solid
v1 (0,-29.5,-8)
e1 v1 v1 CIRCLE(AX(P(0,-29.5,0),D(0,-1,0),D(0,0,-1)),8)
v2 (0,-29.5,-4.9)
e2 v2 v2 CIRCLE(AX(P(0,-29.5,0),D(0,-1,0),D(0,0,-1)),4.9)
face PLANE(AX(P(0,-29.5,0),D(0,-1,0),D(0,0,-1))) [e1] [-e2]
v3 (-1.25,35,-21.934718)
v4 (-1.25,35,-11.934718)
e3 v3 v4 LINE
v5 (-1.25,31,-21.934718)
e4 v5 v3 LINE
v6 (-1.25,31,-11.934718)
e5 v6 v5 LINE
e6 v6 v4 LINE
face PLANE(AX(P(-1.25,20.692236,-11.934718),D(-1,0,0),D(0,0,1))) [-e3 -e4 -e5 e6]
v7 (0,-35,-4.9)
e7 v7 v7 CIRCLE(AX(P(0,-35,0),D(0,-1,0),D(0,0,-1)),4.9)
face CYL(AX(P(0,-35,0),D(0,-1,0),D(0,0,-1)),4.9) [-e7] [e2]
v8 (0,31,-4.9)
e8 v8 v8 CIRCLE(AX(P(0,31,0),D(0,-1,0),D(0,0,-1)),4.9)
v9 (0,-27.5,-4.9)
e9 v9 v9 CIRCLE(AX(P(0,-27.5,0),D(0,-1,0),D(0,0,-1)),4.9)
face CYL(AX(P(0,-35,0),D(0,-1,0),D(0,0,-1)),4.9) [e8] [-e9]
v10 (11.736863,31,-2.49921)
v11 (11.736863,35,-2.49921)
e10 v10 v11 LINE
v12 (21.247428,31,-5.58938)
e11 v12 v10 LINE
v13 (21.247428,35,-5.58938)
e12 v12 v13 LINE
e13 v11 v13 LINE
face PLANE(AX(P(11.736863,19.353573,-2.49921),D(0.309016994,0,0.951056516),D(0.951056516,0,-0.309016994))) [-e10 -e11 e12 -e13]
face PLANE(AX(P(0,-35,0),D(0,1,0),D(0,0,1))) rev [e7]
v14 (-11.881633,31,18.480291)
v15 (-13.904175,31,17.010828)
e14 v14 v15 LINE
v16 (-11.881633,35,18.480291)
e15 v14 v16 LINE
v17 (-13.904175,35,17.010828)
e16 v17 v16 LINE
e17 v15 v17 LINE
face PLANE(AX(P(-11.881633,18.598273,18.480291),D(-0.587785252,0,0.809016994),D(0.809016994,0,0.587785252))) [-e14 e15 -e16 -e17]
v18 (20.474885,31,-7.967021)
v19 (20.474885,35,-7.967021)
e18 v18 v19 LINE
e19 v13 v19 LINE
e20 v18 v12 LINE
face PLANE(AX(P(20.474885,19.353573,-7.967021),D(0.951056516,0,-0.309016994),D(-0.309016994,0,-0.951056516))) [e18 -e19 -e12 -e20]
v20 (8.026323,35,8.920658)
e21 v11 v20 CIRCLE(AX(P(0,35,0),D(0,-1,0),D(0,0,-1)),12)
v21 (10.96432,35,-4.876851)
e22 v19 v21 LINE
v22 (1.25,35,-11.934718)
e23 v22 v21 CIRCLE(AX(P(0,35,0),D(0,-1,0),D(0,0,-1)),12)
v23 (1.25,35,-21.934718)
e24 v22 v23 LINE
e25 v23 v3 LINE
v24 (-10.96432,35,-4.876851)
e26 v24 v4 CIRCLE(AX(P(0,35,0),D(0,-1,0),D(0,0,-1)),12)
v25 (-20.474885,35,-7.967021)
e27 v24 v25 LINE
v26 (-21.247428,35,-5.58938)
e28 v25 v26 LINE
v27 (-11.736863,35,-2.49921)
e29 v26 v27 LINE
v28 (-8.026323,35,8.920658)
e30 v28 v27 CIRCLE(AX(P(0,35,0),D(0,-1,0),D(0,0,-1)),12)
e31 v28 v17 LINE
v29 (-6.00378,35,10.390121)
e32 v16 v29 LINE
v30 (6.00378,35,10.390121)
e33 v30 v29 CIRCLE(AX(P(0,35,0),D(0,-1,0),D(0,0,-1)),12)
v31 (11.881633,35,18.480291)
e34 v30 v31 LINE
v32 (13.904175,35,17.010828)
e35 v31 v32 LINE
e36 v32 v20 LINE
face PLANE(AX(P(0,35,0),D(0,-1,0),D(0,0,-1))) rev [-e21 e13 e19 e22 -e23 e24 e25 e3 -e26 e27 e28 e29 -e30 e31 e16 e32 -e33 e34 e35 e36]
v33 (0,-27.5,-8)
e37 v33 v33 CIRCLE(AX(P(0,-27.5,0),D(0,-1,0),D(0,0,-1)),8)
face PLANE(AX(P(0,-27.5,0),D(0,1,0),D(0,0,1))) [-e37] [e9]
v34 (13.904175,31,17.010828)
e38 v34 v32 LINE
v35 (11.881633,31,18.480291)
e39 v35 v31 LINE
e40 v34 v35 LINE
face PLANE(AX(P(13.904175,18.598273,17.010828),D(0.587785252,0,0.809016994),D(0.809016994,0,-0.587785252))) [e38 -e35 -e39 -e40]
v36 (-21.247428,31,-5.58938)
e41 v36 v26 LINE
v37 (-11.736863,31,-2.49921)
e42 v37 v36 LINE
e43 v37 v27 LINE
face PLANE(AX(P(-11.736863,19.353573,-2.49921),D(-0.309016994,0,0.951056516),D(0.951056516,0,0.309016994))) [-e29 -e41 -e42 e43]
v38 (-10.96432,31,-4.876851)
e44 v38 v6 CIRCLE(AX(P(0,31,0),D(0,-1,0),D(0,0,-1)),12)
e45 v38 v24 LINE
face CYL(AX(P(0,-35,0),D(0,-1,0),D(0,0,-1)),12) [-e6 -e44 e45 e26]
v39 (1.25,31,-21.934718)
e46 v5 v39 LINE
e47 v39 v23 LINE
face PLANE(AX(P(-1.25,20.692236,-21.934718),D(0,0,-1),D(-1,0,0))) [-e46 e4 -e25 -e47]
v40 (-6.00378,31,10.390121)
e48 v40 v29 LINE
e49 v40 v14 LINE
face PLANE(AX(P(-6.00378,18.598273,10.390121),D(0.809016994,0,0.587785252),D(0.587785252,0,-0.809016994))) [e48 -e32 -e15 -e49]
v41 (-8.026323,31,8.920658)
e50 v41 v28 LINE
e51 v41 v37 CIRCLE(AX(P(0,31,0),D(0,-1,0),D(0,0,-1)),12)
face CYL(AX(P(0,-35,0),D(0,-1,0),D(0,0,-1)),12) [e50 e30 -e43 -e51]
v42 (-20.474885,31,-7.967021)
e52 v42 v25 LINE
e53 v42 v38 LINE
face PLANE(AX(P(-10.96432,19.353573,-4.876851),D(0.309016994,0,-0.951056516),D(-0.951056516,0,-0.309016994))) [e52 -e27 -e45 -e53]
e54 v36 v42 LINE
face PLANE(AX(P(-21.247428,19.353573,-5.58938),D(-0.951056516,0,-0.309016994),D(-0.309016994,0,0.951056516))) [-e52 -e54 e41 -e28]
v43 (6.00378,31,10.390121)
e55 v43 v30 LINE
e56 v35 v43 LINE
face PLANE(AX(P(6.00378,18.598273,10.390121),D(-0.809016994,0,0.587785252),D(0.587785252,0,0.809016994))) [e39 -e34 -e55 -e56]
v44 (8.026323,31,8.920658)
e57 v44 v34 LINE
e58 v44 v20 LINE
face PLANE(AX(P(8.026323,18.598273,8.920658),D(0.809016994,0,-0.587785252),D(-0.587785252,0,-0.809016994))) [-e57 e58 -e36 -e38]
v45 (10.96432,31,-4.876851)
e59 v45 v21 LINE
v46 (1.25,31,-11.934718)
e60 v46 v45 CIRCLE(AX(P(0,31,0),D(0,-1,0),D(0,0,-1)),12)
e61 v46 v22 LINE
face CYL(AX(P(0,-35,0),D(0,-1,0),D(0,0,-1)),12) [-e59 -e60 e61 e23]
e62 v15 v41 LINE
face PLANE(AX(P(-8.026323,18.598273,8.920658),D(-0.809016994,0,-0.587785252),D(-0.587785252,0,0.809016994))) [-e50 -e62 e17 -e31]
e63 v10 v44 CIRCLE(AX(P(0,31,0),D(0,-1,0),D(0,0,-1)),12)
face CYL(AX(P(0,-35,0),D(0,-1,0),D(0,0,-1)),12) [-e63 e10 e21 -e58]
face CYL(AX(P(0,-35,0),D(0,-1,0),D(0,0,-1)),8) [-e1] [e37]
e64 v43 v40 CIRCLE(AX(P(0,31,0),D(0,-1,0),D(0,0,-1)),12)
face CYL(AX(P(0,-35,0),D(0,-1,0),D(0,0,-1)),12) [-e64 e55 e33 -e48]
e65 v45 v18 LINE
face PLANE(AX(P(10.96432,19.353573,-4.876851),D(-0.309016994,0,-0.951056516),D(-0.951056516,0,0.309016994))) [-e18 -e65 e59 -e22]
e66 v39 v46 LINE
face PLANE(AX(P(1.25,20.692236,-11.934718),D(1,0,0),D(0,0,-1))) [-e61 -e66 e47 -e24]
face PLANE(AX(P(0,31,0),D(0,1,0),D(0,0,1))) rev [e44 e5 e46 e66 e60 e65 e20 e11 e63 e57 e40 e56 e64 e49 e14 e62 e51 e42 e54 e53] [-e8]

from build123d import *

# Parameters (mm, degrees)
SKETCH1_W           = 3.1
SKETCH1_H           = 2
BOSS_EXTRUDE1_DEPTH = 4
CIRPATTERN1_COUNT   = 5


with BuildPart() as part:
    # Sketch1 → Revolve1 (revolve)
    with BuildSketch(Plane.XY, mode=Mode.PRIVATE) as revolve1_sk:
        Polygon((0, 35), (0, -35), (-4.9, -35), (-4.9, 31), (-12, 31), (-12, 35), align=None)
        with Locations((-6.45, -28.5)):
            Rectangle(SKETCH1_W, SKETCH1_H)
    revolve(revolve1_sk.sketch.rotate(Axis((0, -35, 0), (0, 1, 0)), 270), axis=Axis((0, -35, 0), (0, 1, 0)))

    # Sketch2 → Boss-Extrude1 (add)
    with BuildSketch(Plane(origin=(0, 35, 0), x_dir=(1, 0, 0), z_dir=(0, 1, 0))):
        with BuildLine():
            Line((-1.25, 11.934718262), (-1.25, 21.934718262))
            Line((-1.25, 21.934718262), (1.25, 21.934718262))
            Line((1.25, 21.934718262), (1.25, 11.934718262))
            ThreePointArc((1.25, 11.934718262), (0, 12), (-1.25, 11.934718262))
        make_face()
    boss_extrude1 = extrude(amount=-BOSS_EXTRUDE1_DEPTH)

    # CirPattern1: Boss-Extrude1 ×5 about axis
    cirpattern1_axis = Axis((0, 0, 0), (0, 1, 0))
    for i in range(1, CIRPATTERN1_COUNT):
        add(boss_extrude1.rotate(cirpattern1_axis, i * 360 / CIRPATTERN1_COUNT))


solid = part.part
